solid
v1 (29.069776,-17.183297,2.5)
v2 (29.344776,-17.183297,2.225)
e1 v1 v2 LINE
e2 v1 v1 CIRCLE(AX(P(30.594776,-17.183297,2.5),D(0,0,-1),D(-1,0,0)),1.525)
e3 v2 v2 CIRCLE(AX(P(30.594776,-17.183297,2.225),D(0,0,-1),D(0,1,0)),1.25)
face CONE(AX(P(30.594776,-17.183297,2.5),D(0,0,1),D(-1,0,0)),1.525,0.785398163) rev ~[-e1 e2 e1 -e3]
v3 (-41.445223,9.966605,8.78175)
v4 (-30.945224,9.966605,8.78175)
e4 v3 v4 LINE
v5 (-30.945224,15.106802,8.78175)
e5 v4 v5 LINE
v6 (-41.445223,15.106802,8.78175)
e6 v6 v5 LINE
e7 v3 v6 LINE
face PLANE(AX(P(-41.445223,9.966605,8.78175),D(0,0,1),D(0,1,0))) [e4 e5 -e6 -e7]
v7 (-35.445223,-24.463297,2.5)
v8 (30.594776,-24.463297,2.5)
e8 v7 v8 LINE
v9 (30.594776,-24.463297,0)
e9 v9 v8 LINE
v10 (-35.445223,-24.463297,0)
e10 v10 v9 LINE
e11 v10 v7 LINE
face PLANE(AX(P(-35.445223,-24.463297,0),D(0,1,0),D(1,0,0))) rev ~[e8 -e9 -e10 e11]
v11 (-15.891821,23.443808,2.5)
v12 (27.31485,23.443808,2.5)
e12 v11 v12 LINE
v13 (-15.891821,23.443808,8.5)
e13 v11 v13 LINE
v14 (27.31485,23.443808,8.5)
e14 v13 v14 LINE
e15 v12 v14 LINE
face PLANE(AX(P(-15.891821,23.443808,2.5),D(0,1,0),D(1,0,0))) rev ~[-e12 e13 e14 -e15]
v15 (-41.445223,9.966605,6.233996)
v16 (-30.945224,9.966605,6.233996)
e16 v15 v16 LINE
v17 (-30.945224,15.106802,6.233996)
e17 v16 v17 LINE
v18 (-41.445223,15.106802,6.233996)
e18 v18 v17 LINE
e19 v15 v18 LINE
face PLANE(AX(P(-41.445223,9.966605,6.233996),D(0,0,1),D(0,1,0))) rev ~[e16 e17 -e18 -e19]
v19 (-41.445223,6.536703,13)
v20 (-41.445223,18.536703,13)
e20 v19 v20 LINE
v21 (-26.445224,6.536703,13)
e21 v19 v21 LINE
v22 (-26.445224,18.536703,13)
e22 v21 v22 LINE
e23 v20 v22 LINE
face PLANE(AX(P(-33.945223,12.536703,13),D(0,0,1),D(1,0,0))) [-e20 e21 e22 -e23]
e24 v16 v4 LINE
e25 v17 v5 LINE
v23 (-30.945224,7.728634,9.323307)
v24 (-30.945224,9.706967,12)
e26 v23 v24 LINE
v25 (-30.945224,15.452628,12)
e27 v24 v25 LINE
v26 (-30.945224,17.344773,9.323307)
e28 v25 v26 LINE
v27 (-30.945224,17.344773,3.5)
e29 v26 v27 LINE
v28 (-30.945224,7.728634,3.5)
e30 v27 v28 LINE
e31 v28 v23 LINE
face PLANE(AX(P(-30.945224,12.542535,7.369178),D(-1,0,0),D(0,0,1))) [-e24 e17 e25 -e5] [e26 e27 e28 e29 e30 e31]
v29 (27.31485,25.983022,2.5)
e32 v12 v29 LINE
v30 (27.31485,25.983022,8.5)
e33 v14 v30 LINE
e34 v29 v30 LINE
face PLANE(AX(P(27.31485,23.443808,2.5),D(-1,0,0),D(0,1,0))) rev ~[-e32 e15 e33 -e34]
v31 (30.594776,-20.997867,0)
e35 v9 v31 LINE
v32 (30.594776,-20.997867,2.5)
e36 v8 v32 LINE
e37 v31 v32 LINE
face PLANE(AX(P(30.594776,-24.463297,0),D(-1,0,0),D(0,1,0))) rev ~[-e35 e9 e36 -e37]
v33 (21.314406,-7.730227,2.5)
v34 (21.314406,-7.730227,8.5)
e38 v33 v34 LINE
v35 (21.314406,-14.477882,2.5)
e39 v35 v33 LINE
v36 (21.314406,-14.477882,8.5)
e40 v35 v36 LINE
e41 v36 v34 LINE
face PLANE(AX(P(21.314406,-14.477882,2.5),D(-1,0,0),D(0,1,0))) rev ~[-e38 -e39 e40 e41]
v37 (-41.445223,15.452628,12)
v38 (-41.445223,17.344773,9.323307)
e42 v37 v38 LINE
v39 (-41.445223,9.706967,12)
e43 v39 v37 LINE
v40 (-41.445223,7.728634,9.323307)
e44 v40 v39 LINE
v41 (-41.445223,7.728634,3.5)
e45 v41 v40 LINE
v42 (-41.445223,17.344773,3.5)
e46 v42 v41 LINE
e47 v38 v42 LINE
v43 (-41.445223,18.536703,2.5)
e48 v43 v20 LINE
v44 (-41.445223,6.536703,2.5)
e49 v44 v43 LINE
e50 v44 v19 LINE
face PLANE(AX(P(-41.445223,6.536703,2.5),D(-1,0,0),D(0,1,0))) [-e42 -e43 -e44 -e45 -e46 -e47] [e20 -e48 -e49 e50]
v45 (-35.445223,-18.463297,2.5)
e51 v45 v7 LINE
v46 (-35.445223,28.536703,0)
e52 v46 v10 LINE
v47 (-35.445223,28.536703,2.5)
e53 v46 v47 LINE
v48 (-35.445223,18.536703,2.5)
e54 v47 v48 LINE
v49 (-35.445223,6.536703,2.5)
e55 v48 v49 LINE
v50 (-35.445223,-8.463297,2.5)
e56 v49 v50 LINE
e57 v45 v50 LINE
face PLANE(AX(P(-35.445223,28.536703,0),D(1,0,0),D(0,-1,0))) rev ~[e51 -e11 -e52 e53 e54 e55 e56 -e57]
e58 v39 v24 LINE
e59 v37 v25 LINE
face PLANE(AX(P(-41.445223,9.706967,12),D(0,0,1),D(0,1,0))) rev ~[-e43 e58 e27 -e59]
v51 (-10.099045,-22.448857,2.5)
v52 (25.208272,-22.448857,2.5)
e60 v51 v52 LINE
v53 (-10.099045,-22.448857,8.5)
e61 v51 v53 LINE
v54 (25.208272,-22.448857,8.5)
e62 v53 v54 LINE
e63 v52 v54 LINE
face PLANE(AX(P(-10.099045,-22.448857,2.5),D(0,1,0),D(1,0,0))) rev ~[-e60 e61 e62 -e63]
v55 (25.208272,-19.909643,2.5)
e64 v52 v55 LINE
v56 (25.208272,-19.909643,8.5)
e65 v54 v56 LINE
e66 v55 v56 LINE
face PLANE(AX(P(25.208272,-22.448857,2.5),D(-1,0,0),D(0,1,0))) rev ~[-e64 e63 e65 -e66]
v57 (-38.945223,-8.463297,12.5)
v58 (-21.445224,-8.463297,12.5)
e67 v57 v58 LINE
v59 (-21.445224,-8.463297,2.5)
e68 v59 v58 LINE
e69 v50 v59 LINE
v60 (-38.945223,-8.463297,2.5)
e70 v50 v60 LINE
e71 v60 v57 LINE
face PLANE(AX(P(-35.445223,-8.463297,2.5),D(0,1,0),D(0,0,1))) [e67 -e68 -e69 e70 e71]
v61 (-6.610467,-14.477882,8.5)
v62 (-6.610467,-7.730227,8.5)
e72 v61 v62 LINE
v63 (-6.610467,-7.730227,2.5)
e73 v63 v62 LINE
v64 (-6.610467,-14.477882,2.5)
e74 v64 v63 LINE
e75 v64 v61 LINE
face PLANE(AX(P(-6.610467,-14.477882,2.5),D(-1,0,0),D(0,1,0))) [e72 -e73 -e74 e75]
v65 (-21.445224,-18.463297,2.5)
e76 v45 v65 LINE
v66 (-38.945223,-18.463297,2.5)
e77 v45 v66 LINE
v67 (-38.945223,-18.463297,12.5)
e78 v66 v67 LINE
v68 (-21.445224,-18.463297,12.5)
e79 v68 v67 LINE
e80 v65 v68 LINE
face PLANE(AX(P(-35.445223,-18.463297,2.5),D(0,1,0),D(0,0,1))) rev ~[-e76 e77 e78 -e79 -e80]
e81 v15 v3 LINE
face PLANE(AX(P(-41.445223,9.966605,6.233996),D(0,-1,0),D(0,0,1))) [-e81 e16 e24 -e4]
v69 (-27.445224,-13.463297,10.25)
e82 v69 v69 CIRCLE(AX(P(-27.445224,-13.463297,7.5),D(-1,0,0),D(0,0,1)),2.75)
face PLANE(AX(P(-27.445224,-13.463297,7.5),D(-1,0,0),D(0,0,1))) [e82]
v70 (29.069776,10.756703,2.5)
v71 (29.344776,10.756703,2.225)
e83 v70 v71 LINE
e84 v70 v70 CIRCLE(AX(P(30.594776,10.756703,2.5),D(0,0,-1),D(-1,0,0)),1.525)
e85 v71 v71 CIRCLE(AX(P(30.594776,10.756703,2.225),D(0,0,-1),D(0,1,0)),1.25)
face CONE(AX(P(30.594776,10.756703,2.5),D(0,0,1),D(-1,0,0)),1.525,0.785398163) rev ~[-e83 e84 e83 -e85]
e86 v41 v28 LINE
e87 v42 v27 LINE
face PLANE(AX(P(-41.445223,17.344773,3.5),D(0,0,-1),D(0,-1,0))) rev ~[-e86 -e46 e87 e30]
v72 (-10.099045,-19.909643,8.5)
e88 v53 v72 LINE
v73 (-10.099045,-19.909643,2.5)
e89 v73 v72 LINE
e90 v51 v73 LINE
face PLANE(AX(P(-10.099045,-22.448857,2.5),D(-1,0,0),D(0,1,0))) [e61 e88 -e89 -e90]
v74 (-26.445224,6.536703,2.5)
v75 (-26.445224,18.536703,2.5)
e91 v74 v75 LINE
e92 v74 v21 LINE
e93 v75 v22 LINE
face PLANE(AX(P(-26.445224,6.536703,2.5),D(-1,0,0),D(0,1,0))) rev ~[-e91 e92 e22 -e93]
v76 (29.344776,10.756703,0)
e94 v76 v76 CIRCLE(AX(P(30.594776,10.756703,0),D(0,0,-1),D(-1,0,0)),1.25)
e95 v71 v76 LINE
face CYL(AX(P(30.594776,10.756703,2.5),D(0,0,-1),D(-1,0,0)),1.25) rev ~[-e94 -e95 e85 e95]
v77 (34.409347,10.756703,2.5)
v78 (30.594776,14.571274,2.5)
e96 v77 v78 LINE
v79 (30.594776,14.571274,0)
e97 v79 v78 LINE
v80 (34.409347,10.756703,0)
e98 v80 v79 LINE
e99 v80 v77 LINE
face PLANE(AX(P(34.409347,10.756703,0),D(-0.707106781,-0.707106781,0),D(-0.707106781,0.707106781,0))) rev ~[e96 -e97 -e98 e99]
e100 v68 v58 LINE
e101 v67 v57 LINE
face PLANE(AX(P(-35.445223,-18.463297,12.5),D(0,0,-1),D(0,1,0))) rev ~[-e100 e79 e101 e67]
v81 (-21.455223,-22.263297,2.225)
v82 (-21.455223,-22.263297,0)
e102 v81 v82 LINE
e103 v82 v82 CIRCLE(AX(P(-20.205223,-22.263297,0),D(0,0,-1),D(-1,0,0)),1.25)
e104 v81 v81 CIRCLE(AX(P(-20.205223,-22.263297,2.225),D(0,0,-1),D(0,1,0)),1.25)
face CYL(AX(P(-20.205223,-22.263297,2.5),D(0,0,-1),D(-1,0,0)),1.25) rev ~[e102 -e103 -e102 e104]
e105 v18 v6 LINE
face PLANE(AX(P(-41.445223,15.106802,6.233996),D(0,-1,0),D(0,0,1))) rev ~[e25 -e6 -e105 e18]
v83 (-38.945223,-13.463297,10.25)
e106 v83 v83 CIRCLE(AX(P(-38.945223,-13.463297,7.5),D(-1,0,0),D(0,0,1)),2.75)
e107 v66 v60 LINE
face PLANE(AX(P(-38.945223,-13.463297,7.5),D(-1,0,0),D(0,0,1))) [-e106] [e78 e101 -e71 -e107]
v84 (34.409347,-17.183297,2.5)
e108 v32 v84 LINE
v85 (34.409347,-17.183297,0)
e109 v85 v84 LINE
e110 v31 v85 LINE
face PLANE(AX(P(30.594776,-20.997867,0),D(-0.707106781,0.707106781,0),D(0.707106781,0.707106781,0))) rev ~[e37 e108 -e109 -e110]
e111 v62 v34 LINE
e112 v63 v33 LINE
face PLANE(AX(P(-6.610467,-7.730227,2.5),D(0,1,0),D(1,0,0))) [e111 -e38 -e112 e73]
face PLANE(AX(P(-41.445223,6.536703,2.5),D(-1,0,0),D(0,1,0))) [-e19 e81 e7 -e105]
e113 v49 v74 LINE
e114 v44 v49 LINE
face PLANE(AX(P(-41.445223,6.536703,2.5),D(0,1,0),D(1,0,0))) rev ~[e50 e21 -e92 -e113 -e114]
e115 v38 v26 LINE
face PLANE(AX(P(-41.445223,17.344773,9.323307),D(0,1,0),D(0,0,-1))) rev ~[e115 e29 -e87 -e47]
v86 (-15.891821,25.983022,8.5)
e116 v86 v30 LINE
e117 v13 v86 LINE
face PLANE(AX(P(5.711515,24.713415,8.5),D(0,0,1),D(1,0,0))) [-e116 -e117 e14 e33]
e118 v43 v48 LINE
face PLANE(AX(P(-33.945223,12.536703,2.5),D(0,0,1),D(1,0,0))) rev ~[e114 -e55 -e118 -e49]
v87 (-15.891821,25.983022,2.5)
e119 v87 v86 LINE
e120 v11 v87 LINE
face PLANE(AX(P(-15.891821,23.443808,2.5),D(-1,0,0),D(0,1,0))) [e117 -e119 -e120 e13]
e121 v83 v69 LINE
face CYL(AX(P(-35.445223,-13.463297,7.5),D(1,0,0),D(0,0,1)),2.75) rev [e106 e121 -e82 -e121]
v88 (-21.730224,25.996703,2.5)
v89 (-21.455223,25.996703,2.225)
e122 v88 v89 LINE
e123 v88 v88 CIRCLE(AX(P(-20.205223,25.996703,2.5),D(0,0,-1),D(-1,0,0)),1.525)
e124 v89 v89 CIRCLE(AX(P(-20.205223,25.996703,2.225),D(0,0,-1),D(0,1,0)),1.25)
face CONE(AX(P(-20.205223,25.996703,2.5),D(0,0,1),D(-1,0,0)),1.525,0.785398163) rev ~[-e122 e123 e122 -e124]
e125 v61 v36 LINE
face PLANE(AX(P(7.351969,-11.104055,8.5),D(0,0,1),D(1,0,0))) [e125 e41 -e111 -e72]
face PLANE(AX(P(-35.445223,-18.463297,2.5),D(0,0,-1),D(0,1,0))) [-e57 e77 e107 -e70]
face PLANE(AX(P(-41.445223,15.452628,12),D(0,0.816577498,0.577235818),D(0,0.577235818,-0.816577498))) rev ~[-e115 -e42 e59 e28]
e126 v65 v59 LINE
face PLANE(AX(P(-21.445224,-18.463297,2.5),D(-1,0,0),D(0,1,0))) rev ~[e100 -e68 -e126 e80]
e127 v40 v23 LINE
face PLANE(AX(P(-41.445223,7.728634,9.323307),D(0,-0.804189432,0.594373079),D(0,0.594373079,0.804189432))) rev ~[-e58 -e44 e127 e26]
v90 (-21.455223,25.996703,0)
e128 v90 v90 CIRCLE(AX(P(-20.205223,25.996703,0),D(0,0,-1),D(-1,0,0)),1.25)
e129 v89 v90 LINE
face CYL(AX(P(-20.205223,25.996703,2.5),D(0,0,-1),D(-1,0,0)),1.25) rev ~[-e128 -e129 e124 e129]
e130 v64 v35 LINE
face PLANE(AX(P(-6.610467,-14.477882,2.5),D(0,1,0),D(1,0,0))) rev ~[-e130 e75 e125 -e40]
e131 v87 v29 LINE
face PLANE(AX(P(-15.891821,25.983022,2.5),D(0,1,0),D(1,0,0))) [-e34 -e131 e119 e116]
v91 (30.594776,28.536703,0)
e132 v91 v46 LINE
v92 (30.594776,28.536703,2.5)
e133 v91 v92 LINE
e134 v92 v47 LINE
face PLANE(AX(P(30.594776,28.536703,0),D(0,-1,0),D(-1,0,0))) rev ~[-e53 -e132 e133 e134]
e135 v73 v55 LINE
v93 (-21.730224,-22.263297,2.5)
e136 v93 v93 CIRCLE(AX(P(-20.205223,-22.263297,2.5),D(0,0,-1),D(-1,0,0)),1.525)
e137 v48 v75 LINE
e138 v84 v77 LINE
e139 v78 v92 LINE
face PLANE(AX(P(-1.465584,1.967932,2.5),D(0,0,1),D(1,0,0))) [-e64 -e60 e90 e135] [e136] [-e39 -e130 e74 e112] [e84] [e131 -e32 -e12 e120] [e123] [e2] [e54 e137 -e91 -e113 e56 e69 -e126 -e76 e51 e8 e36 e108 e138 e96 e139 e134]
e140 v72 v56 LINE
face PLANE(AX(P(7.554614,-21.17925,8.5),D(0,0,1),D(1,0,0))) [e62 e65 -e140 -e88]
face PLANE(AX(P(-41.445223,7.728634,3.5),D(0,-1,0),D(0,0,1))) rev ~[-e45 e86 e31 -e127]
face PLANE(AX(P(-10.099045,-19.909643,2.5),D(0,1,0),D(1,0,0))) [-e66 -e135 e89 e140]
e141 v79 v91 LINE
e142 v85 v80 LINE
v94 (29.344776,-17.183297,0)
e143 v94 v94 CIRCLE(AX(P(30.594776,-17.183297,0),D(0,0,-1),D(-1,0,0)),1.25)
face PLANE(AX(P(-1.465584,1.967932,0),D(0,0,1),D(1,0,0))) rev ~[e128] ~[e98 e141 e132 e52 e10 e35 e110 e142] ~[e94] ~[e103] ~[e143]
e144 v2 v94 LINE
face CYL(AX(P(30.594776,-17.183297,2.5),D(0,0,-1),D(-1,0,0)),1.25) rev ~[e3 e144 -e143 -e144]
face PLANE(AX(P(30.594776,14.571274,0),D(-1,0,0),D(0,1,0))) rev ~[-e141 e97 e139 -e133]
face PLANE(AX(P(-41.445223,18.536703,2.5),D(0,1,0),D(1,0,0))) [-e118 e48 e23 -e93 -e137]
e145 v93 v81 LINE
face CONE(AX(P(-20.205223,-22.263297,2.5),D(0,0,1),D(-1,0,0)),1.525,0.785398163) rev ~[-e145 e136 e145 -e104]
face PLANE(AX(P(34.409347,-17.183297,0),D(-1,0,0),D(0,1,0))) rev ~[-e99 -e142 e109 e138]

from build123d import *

# Parameters (mm, degrees)
EXTRUDE_1_DEPTH              = 2.5
HOLE_WIZARD_M3_1_D           = 2.5
HOLE_WIZARD_M3_1_CSINK_D     = 3.05
HOLE_WIZARD_M3_1_CSINK_ANGLE = 90
SKETCH_8_W                   = 27.92487284
SKETCH_8_H                   = 6.74765502
SKETCH_8_W_2                 = 35.307317085
SKETCH_8_H_2                 = 2.5392143
SKETCH_8_W_3                 = 43.206671158
EXTRUDE_2_DEPTH              = 6
SKETCH_9_W                   = 15
SKETCH_9_H                   = 12
EXTRUDE_3_DEPTH              = 10.5
SKETCH_10_W                  = 2.54775384
SKETCH_10_H                  = 5.1401971
CUT_EXTRUDE_1_DEPTH          = 10.5
SKETCH_12_W                  = 14
SKETCH_12_H                  = 10
EXTRUDE_4_DEPTH              = 10
SKETCH_13_W                  = 10
SKETCH_13_H                  = 10
SKETCH_13_R                  = 2.75
EXTRUDE_5_DEPTH              = 3.5
SKETCH_14_R                  = 2.75
CUT_EXTRUDE_3_DEPTH          = 8


with BuildPart() as part:
    # 草图1 → 凸台-拉伸1 (new body)
    with BuildSketch(Plane.XY):
        Polygon((-35.4452235, 28.536703393), (-35.4452235, -24.463296607), (30.5947765, -24.463296607), (30.5947765, -20.997866899), (34.409346792, -17.183296607), (34.409346792, 10.756703393), (30.5947765, 14.571273684), (30.5947765, 28.536703393), align=None)
    extrude(amount=EXTRUDE_1_DEPTH)

    # M3 螺纹孔1 (through all)
    with Locations(Plane.XY.offset(2.5)):
        with Locations((-20.2052235, 25.996703393), (30.5947765, 10.756703393), (30.5947765, -17.183296607), (-20.2052235, -22.263296607)):
            CounterSinkHole(HOLE_WIZARD_M3_1_D / 2, HOLE_WIZARD_M3_1_CSINK_D / 2, counter_sink_angle=HOLE_WIZARD_M3_1_CSINK_ANGLE)

    # 草图8 → 凸台-拉伸2 (add)
    with BuildSketch(Plane.XY.offset(2.5)):
        with Locations((7.351969456, -11.104054762)):
            Rectangle(SKETCH_8_W, SKETCH_8_H)
        with Locations((7.55461376, -21.179250047)):
            Rectangle(SKETCH_8_W_2, SKETCH_8_H_2)
        with Locations((5.71151473, 24.713414732)):
            Rectangle(SKETCH_8_W_3, SKETCH_8_H_2)
    extrude(amount=EXTRUDE_2_DEPTH)

    # 草图9 → 凸台-拉伸3 (add)
    with BuildSketch(Plane.XY.offset(2.5)):
        with Locations((-33.9452235, 12.536703393)):
            Rectangle(SKETCH_9_W, SKETCH_9_H)
    extrude(amount=EXTRUDE_3_DEPTH)

    # 草图10 → 切除-拉伸1 (cut)
    with BuildSketch(Plane.ZY.offset(41.4452235)):
        Polygon((3.5, 17.344772898), (3.5, 7.728633887), (9.323306646, 7.728633887), (12, 9.706966862), (12, 15.452627596), (9.323306646, 17.344772898), align=None)
        with Locations((7.507872917, 12.536703393)):
            Rectangle(SKETCH_10_W, SKETCH_10_H, mode=Mode.SUBTRACT)
    extrude(amount=-CUT_EXTRUDE_1_DEPTH, mode=Mode.SUBTRACT)

    # 草图12 → 凸台-拉伸4 (add)
    with BuildSketch(Plane.XY.offset(2.5)):
        with Locations((-28.4452235, -13.463296607)):
            Rectangle(SKETCH_12_W, SKETCH_12_H)
    extrude(amount=EXTRUDE_4_DEPTH)

    # 草图13 → 凸台-拉伸5 (add)
    with BuildSketch(Plane.ZY.offset(35.4452235)):
        with Locations((7.5, -13.463296607)):
            Rectangle(SKETCH_13_W, SKETCH_13_H)
        with Locations((7.5, -13.463296607)):
            Circle(SKETCH_13_R, mode=Mode.SUBTRACT)
    extrude(amount=EXTRUDE_5_DEPTH)

    # 草图14 → 切除-拉伸3 (cut)
    with BuildSketch(Plane.ZY.offset(35.4452235)):
        with Locations((7.5, -13.463296607)):
            Circle(SKETCH_14_R)
    extrude(amount=-CUT_EXTRUDE_3_DEPTH, mode=Mode.SUBTRACT)


solid = part.part
